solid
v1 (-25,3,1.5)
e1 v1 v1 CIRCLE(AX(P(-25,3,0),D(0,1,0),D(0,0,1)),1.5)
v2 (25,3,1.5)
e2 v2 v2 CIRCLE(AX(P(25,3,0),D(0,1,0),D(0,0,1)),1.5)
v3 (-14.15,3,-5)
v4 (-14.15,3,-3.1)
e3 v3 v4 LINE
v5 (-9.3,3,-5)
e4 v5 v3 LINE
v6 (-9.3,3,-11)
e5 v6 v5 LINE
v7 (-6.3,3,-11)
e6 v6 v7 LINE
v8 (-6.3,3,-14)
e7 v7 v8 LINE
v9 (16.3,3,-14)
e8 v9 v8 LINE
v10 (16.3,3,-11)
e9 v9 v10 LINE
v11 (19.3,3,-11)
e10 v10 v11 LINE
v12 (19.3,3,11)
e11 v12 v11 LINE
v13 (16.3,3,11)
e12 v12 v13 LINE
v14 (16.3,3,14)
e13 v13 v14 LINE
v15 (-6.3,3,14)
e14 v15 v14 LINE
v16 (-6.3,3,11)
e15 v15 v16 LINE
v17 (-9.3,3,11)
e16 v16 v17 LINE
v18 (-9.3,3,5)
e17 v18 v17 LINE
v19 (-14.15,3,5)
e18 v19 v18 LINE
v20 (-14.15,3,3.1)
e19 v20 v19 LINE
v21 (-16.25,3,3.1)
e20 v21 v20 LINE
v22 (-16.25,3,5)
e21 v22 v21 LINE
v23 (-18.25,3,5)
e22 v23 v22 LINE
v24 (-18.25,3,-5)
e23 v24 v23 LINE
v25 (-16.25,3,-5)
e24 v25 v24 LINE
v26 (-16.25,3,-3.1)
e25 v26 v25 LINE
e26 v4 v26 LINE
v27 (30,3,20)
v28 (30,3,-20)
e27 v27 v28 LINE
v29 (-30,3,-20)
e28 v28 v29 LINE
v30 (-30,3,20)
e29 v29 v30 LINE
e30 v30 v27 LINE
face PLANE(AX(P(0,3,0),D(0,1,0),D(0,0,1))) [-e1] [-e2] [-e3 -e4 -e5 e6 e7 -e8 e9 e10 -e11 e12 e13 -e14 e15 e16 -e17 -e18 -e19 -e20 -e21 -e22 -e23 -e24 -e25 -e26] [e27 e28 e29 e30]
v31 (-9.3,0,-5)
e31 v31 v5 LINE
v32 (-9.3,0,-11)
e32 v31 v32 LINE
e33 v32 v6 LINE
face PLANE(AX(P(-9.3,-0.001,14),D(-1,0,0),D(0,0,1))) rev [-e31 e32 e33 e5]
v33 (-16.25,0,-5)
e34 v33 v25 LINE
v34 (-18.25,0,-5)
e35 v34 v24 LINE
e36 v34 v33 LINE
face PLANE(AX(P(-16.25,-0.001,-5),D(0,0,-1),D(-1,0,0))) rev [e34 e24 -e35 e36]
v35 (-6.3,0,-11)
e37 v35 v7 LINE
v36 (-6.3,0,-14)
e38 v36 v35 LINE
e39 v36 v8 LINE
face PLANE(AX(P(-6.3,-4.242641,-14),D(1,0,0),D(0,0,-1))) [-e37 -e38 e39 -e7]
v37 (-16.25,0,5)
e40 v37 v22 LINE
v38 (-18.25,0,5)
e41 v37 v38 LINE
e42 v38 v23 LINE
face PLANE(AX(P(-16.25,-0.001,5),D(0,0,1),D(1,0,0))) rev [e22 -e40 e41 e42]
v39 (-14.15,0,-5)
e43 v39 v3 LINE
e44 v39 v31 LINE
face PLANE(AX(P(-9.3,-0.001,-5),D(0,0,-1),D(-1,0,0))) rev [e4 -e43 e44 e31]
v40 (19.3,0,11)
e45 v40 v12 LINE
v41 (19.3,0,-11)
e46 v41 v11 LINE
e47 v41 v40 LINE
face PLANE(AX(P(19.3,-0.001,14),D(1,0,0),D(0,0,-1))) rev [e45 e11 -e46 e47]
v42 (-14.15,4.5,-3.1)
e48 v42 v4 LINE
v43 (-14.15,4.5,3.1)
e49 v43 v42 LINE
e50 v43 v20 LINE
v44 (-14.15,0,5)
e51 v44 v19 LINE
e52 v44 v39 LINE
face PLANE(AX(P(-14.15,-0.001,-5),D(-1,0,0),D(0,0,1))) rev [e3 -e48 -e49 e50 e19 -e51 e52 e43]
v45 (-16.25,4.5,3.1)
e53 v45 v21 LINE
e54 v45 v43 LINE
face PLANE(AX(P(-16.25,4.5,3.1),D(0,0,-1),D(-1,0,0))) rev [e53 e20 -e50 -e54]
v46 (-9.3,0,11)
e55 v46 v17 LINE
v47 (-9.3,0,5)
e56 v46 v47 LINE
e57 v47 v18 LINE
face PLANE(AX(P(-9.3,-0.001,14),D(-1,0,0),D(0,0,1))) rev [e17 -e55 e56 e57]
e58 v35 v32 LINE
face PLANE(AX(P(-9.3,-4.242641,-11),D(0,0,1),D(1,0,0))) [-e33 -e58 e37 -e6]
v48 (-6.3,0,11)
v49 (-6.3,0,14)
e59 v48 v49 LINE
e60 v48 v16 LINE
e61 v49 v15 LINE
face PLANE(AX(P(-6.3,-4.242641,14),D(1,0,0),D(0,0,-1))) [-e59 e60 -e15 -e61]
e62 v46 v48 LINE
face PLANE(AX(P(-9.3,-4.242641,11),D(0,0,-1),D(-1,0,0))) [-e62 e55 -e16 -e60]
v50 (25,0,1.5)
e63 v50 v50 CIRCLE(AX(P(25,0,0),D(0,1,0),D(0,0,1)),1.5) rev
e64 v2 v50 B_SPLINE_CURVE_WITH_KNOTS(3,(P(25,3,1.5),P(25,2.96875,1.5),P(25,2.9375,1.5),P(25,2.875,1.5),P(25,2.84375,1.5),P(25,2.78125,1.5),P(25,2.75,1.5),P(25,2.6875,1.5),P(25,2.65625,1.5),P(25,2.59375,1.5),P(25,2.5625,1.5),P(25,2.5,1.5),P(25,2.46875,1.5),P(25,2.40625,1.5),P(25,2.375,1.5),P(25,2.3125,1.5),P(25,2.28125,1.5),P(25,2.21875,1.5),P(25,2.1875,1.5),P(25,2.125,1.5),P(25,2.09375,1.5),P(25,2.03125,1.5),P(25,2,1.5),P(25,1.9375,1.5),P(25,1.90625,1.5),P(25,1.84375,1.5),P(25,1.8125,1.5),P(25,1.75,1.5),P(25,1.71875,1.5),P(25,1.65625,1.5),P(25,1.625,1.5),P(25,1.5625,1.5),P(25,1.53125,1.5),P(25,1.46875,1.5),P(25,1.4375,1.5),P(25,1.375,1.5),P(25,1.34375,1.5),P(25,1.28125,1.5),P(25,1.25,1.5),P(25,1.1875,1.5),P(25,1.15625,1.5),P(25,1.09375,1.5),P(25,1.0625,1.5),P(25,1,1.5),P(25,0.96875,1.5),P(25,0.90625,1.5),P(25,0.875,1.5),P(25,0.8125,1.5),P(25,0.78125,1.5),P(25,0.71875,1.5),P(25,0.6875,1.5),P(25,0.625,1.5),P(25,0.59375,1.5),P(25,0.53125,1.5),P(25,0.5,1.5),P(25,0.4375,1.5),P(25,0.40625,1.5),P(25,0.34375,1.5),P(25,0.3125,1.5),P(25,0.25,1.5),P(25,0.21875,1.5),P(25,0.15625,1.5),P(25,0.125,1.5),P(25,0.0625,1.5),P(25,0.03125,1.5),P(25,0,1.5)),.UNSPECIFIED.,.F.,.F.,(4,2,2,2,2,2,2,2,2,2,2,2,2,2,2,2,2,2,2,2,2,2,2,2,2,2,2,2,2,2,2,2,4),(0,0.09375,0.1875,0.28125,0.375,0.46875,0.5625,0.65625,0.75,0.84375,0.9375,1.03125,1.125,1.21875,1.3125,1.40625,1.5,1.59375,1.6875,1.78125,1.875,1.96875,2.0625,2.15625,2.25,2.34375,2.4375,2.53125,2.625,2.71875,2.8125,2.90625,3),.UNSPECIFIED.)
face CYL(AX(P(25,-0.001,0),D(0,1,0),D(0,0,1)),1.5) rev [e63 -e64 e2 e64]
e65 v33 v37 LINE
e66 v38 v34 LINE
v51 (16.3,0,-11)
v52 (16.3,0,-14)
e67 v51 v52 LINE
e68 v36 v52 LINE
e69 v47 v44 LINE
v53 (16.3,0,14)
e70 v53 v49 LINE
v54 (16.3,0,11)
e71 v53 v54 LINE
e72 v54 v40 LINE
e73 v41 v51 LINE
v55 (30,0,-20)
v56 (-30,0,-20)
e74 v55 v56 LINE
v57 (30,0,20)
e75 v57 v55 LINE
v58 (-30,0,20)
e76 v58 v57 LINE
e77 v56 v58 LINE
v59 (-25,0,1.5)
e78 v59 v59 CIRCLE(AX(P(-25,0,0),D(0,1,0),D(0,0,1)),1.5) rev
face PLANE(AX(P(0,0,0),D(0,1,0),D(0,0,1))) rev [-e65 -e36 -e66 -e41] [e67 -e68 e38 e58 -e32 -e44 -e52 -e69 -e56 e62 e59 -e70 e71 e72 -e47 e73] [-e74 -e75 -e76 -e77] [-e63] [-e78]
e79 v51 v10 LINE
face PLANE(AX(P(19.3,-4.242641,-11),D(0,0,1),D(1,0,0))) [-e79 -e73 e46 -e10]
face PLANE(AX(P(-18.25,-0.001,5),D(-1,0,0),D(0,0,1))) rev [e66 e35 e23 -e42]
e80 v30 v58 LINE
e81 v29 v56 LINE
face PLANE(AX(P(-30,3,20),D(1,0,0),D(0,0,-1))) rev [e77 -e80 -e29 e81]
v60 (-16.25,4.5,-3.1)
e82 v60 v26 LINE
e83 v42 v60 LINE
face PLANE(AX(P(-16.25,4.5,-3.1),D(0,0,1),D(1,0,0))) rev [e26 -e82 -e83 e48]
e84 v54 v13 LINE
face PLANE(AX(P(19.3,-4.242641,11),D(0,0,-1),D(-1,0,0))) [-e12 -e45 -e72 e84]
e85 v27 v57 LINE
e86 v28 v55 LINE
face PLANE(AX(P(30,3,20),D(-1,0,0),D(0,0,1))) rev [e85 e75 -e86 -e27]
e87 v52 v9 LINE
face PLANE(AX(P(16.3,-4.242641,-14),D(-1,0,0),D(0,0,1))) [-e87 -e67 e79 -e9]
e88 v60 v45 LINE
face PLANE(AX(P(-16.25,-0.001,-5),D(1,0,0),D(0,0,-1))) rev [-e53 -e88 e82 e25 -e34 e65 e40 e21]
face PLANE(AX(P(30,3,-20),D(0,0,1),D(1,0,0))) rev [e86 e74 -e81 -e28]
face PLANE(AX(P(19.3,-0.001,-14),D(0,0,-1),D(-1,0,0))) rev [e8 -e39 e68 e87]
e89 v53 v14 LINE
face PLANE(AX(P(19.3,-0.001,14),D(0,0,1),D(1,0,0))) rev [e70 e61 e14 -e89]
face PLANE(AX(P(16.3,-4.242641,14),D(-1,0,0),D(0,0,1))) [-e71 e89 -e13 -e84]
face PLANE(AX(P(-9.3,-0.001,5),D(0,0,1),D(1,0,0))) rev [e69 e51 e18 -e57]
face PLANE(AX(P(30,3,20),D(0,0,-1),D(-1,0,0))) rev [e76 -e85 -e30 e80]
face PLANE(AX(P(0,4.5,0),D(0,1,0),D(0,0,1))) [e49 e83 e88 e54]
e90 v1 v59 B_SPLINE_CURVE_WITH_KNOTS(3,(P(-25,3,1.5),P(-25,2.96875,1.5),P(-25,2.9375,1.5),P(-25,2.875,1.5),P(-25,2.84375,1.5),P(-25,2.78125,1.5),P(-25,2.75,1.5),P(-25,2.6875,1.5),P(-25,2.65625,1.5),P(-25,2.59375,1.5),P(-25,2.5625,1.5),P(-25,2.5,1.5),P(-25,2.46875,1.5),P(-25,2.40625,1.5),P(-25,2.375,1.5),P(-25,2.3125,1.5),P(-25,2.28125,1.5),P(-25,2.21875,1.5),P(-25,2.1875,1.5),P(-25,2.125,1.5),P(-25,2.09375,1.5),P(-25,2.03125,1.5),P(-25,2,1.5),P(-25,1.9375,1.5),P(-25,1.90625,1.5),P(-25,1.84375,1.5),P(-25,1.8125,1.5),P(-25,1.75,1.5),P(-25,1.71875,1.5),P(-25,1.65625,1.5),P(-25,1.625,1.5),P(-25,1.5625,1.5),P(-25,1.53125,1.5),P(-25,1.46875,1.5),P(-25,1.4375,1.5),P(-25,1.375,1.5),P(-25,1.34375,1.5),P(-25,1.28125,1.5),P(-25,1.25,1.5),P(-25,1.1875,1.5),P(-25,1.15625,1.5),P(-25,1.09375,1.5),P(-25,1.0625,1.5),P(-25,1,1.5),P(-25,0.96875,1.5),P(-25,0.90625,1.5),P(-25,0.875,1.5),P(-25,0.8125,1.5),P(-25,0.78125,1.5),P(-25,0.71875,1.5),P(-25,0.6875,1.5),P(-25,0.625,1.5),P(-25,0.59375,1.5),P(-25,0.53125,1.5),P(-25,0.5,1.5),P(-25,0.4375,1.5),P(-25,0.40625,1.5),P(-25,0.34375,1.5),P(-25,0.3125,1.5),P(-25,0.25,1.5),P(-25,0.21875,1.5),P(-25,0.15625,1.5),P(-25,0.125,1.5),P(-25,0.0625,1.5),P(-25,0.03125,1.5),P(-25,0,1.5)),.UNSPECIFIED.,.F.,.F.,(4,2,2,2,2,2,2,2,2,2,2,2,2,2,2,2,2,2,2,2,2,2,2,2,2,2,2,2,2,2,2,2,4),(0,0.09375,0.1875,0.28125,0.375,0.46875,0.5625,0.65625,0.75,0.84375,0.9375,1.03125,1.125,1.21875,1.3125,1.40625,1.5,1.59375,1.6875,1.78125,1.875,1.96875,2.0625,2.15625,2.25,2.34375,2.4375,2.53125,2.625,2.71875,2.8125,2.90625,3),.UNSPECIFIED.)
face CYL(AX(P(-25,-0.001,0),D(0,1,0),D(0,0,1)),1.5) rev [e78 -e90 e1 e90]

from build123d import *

# Parameters (mm, degrees)
SKETCH1_W           = 60
SKETCH1_H           = 40
MAINBODY_DEPTH      = 3
CUT_EXTRUDE1_REACH  = 38.18
SKETCH2_W           = 28.6
SKETCH2_H           = 28
CUT_EXTRUDE2_REACH  = 38.18
SKETCH7_R           = 1.5
SKETCH8_W           = 3
SKETCH8_H           = 3
BOSS_EXTRUDE2_DEPTH = 3
CUT_EXTRUDE3_REACH  = 38.18
SKETCH9_W           = 4.85
SKETCH9_H           = 10
SKETCH9_W_2         = 2
SKETCH10_W          = 2.1
SKETCH10_H          = 6.2
BOSS_EXTRUDE3_DEPTH = 1.5


with BuildPart() as part:
    # Sketch1 → MainBody (new body)
    with BuildSketch(Plane(origin=(0, 0, 0), x_dir=(1, 0, 0), z_dir=(0, 1, 0))):
        Rectangle(SKETCH1_W, SKETCH1_H)
    extrude(amount=MAINBODY_DEPTH)

    # Sketch2 → Cut-Extrude1 (cut, up to next)
    with BuildSketch(Plane(origin=(0, 3, 0), x_dir=(1, 0, 0), z_dir=(0, 1, 0)), mode=Mode.PRIVATE) as cut_extrude1_sk1:
        with Locations((5, 0)):
            Rectangle(SKETCH2_W, SKETCH2_H)
    cut_extrude1_tool1 = extrude(cut_extrude1_sk1.sketch, amount=-CUT_EXTRUDE1_REACH, mode=Mode.PRIVATE) & part.part
    add(cut_extrude1_tool1.solids().sort_by_distance((5, 3, 0))[0], mode=Mode.SUBTRACT)

    # Sketch7 → Cut-Extrude2 (cut, up to next)
    with BuildSketch(Plane(origin=(0, 3, 0), x_dir=(1, 0, 0), z_dir=(0, 1, 0)), mode=Mode.PRIVATE) as cut_extrude2_sk1:
        with Locations(Location((25, 0, 0), (0, 0, 270))):
            Circle(SKETCH7_R)
    cut_extrude2_tool1 = extrude(cut_extrude2_sk1.sketch, amount=-CUT_EXTRUDE2_REACH, mode=Mode.PRIVATE) & part.part
    # Sketch7 → Cut-Extrude2 (cut, up to next)
    with BuildSketch(Plane(origin=(0, 3, 0), x_dir=(1, 0, 0), z_dir=(0, 1, 0)), mode=Mode.PRIVATE) as cut_extrude2_sk2:
        with Locations(Location((-25, 0, 0), (0, 0, 270))):
            Circle(SKETCH7_R)
    cut_extrude2_tool2 = extrude(cut_extrude2_sk2.sketch, amount=-CUT_EXTRUDE2_REACH, mode=Mode.PRIVATE) & part.part
    add(cut_extrude2_tool1.solids().sort_by_distance((25, 3, 0))[0], mode=Mode.SUBTRACT)
    add(cut_extrude2_tool2.solids().sort_by_distance((-25, 3, 0))[0], mode=Mode.SUBTRACT)

    # Sketch8 → Boss-Extrude2 (add)
    with BuildSketch(Plane(origin=(0, 3, 0), x_dir=(1, 0, 0), z_dir=(0, 1, 0))):
        with Locations((-7.8, 12.5)):
            Rectangle(SKETCH8_W, SKETCH8_H)
        with Locations((-7.8, -12.5)):
            Rectangle(SKETCH8_W, SKETCH8_H)
        with Locations((17.8, -12.5)):
            Rectangle(SKETCH8_W, SKETCH8_H)
        with Locations((17.8, 12.5)):
            Rectangle(SKETCH8_W, SKETCH8_H)
    extrude(amount=-BOSS_EXTRUDE2_DEPTH)

    # Sketch9 → Cut-Extrude3 (cut, up to next)
    with BuildSketch(Plane(origin=(0, 3, 0), x_dir=(1, 0, 0), z_dir=(0, 1, 0)), mode=Mode.PRIVATE) as cut_extrude3_sk1:
        with Locations((-11.725, 0)):
            Rectangle(SKETCH9_W, SKETCH9_H)
    cut_extrude3_tool1 = extrude(cut_extrude3_sk1.sketch, amount=-CUT_EXTRUDE3_REACH, mode=Mode.PRIVATE) & part.part
    # Sketch9 → Cut-Extrude3 (cut, up to next)
    with BuildSketch(Plane(origin=(0, 3, 0), x_dir=(1, 0, 0), z_dir=(0, 1, 0)), mode=Mode.PRIVATE) as cut_extrude3_sk2:
        with Locations((-17.25, 0)):
            Rectangle(SKETCH9_W_2, SKETCH9_H)
    cut_extrude3_tool2 = extrude(cut_extrude3_sk2.sketch, amount=-CUT_EXTRUDE3_REACH, mode=Mode.PRIVATE) & part.part
    add(cut_extrude3_tool1.solids().sort_by_distance((-11.725, 3, 0))[0], mode=Mode.SUBTRACT)
    add(cut_extrude3_tool2.solids().sort_by_distance((-17.25, 3, 0))[0], mode=Mode.SUBTRACT)

    # Sketch10 → Boss-Extrude3 (add)
    with BuildSketch(Plane(origin=(0, 3, 0), x_dir=(1, 0, 0), z_dir=(0, 1, 0))):
        with Locations((-15.2, 0)):
            Rectangle(SKETCH10_W, SKETCH10_H)
    extrude(amount=BOSS_EXTRUDE3_DEPTH)


solid = part.part
